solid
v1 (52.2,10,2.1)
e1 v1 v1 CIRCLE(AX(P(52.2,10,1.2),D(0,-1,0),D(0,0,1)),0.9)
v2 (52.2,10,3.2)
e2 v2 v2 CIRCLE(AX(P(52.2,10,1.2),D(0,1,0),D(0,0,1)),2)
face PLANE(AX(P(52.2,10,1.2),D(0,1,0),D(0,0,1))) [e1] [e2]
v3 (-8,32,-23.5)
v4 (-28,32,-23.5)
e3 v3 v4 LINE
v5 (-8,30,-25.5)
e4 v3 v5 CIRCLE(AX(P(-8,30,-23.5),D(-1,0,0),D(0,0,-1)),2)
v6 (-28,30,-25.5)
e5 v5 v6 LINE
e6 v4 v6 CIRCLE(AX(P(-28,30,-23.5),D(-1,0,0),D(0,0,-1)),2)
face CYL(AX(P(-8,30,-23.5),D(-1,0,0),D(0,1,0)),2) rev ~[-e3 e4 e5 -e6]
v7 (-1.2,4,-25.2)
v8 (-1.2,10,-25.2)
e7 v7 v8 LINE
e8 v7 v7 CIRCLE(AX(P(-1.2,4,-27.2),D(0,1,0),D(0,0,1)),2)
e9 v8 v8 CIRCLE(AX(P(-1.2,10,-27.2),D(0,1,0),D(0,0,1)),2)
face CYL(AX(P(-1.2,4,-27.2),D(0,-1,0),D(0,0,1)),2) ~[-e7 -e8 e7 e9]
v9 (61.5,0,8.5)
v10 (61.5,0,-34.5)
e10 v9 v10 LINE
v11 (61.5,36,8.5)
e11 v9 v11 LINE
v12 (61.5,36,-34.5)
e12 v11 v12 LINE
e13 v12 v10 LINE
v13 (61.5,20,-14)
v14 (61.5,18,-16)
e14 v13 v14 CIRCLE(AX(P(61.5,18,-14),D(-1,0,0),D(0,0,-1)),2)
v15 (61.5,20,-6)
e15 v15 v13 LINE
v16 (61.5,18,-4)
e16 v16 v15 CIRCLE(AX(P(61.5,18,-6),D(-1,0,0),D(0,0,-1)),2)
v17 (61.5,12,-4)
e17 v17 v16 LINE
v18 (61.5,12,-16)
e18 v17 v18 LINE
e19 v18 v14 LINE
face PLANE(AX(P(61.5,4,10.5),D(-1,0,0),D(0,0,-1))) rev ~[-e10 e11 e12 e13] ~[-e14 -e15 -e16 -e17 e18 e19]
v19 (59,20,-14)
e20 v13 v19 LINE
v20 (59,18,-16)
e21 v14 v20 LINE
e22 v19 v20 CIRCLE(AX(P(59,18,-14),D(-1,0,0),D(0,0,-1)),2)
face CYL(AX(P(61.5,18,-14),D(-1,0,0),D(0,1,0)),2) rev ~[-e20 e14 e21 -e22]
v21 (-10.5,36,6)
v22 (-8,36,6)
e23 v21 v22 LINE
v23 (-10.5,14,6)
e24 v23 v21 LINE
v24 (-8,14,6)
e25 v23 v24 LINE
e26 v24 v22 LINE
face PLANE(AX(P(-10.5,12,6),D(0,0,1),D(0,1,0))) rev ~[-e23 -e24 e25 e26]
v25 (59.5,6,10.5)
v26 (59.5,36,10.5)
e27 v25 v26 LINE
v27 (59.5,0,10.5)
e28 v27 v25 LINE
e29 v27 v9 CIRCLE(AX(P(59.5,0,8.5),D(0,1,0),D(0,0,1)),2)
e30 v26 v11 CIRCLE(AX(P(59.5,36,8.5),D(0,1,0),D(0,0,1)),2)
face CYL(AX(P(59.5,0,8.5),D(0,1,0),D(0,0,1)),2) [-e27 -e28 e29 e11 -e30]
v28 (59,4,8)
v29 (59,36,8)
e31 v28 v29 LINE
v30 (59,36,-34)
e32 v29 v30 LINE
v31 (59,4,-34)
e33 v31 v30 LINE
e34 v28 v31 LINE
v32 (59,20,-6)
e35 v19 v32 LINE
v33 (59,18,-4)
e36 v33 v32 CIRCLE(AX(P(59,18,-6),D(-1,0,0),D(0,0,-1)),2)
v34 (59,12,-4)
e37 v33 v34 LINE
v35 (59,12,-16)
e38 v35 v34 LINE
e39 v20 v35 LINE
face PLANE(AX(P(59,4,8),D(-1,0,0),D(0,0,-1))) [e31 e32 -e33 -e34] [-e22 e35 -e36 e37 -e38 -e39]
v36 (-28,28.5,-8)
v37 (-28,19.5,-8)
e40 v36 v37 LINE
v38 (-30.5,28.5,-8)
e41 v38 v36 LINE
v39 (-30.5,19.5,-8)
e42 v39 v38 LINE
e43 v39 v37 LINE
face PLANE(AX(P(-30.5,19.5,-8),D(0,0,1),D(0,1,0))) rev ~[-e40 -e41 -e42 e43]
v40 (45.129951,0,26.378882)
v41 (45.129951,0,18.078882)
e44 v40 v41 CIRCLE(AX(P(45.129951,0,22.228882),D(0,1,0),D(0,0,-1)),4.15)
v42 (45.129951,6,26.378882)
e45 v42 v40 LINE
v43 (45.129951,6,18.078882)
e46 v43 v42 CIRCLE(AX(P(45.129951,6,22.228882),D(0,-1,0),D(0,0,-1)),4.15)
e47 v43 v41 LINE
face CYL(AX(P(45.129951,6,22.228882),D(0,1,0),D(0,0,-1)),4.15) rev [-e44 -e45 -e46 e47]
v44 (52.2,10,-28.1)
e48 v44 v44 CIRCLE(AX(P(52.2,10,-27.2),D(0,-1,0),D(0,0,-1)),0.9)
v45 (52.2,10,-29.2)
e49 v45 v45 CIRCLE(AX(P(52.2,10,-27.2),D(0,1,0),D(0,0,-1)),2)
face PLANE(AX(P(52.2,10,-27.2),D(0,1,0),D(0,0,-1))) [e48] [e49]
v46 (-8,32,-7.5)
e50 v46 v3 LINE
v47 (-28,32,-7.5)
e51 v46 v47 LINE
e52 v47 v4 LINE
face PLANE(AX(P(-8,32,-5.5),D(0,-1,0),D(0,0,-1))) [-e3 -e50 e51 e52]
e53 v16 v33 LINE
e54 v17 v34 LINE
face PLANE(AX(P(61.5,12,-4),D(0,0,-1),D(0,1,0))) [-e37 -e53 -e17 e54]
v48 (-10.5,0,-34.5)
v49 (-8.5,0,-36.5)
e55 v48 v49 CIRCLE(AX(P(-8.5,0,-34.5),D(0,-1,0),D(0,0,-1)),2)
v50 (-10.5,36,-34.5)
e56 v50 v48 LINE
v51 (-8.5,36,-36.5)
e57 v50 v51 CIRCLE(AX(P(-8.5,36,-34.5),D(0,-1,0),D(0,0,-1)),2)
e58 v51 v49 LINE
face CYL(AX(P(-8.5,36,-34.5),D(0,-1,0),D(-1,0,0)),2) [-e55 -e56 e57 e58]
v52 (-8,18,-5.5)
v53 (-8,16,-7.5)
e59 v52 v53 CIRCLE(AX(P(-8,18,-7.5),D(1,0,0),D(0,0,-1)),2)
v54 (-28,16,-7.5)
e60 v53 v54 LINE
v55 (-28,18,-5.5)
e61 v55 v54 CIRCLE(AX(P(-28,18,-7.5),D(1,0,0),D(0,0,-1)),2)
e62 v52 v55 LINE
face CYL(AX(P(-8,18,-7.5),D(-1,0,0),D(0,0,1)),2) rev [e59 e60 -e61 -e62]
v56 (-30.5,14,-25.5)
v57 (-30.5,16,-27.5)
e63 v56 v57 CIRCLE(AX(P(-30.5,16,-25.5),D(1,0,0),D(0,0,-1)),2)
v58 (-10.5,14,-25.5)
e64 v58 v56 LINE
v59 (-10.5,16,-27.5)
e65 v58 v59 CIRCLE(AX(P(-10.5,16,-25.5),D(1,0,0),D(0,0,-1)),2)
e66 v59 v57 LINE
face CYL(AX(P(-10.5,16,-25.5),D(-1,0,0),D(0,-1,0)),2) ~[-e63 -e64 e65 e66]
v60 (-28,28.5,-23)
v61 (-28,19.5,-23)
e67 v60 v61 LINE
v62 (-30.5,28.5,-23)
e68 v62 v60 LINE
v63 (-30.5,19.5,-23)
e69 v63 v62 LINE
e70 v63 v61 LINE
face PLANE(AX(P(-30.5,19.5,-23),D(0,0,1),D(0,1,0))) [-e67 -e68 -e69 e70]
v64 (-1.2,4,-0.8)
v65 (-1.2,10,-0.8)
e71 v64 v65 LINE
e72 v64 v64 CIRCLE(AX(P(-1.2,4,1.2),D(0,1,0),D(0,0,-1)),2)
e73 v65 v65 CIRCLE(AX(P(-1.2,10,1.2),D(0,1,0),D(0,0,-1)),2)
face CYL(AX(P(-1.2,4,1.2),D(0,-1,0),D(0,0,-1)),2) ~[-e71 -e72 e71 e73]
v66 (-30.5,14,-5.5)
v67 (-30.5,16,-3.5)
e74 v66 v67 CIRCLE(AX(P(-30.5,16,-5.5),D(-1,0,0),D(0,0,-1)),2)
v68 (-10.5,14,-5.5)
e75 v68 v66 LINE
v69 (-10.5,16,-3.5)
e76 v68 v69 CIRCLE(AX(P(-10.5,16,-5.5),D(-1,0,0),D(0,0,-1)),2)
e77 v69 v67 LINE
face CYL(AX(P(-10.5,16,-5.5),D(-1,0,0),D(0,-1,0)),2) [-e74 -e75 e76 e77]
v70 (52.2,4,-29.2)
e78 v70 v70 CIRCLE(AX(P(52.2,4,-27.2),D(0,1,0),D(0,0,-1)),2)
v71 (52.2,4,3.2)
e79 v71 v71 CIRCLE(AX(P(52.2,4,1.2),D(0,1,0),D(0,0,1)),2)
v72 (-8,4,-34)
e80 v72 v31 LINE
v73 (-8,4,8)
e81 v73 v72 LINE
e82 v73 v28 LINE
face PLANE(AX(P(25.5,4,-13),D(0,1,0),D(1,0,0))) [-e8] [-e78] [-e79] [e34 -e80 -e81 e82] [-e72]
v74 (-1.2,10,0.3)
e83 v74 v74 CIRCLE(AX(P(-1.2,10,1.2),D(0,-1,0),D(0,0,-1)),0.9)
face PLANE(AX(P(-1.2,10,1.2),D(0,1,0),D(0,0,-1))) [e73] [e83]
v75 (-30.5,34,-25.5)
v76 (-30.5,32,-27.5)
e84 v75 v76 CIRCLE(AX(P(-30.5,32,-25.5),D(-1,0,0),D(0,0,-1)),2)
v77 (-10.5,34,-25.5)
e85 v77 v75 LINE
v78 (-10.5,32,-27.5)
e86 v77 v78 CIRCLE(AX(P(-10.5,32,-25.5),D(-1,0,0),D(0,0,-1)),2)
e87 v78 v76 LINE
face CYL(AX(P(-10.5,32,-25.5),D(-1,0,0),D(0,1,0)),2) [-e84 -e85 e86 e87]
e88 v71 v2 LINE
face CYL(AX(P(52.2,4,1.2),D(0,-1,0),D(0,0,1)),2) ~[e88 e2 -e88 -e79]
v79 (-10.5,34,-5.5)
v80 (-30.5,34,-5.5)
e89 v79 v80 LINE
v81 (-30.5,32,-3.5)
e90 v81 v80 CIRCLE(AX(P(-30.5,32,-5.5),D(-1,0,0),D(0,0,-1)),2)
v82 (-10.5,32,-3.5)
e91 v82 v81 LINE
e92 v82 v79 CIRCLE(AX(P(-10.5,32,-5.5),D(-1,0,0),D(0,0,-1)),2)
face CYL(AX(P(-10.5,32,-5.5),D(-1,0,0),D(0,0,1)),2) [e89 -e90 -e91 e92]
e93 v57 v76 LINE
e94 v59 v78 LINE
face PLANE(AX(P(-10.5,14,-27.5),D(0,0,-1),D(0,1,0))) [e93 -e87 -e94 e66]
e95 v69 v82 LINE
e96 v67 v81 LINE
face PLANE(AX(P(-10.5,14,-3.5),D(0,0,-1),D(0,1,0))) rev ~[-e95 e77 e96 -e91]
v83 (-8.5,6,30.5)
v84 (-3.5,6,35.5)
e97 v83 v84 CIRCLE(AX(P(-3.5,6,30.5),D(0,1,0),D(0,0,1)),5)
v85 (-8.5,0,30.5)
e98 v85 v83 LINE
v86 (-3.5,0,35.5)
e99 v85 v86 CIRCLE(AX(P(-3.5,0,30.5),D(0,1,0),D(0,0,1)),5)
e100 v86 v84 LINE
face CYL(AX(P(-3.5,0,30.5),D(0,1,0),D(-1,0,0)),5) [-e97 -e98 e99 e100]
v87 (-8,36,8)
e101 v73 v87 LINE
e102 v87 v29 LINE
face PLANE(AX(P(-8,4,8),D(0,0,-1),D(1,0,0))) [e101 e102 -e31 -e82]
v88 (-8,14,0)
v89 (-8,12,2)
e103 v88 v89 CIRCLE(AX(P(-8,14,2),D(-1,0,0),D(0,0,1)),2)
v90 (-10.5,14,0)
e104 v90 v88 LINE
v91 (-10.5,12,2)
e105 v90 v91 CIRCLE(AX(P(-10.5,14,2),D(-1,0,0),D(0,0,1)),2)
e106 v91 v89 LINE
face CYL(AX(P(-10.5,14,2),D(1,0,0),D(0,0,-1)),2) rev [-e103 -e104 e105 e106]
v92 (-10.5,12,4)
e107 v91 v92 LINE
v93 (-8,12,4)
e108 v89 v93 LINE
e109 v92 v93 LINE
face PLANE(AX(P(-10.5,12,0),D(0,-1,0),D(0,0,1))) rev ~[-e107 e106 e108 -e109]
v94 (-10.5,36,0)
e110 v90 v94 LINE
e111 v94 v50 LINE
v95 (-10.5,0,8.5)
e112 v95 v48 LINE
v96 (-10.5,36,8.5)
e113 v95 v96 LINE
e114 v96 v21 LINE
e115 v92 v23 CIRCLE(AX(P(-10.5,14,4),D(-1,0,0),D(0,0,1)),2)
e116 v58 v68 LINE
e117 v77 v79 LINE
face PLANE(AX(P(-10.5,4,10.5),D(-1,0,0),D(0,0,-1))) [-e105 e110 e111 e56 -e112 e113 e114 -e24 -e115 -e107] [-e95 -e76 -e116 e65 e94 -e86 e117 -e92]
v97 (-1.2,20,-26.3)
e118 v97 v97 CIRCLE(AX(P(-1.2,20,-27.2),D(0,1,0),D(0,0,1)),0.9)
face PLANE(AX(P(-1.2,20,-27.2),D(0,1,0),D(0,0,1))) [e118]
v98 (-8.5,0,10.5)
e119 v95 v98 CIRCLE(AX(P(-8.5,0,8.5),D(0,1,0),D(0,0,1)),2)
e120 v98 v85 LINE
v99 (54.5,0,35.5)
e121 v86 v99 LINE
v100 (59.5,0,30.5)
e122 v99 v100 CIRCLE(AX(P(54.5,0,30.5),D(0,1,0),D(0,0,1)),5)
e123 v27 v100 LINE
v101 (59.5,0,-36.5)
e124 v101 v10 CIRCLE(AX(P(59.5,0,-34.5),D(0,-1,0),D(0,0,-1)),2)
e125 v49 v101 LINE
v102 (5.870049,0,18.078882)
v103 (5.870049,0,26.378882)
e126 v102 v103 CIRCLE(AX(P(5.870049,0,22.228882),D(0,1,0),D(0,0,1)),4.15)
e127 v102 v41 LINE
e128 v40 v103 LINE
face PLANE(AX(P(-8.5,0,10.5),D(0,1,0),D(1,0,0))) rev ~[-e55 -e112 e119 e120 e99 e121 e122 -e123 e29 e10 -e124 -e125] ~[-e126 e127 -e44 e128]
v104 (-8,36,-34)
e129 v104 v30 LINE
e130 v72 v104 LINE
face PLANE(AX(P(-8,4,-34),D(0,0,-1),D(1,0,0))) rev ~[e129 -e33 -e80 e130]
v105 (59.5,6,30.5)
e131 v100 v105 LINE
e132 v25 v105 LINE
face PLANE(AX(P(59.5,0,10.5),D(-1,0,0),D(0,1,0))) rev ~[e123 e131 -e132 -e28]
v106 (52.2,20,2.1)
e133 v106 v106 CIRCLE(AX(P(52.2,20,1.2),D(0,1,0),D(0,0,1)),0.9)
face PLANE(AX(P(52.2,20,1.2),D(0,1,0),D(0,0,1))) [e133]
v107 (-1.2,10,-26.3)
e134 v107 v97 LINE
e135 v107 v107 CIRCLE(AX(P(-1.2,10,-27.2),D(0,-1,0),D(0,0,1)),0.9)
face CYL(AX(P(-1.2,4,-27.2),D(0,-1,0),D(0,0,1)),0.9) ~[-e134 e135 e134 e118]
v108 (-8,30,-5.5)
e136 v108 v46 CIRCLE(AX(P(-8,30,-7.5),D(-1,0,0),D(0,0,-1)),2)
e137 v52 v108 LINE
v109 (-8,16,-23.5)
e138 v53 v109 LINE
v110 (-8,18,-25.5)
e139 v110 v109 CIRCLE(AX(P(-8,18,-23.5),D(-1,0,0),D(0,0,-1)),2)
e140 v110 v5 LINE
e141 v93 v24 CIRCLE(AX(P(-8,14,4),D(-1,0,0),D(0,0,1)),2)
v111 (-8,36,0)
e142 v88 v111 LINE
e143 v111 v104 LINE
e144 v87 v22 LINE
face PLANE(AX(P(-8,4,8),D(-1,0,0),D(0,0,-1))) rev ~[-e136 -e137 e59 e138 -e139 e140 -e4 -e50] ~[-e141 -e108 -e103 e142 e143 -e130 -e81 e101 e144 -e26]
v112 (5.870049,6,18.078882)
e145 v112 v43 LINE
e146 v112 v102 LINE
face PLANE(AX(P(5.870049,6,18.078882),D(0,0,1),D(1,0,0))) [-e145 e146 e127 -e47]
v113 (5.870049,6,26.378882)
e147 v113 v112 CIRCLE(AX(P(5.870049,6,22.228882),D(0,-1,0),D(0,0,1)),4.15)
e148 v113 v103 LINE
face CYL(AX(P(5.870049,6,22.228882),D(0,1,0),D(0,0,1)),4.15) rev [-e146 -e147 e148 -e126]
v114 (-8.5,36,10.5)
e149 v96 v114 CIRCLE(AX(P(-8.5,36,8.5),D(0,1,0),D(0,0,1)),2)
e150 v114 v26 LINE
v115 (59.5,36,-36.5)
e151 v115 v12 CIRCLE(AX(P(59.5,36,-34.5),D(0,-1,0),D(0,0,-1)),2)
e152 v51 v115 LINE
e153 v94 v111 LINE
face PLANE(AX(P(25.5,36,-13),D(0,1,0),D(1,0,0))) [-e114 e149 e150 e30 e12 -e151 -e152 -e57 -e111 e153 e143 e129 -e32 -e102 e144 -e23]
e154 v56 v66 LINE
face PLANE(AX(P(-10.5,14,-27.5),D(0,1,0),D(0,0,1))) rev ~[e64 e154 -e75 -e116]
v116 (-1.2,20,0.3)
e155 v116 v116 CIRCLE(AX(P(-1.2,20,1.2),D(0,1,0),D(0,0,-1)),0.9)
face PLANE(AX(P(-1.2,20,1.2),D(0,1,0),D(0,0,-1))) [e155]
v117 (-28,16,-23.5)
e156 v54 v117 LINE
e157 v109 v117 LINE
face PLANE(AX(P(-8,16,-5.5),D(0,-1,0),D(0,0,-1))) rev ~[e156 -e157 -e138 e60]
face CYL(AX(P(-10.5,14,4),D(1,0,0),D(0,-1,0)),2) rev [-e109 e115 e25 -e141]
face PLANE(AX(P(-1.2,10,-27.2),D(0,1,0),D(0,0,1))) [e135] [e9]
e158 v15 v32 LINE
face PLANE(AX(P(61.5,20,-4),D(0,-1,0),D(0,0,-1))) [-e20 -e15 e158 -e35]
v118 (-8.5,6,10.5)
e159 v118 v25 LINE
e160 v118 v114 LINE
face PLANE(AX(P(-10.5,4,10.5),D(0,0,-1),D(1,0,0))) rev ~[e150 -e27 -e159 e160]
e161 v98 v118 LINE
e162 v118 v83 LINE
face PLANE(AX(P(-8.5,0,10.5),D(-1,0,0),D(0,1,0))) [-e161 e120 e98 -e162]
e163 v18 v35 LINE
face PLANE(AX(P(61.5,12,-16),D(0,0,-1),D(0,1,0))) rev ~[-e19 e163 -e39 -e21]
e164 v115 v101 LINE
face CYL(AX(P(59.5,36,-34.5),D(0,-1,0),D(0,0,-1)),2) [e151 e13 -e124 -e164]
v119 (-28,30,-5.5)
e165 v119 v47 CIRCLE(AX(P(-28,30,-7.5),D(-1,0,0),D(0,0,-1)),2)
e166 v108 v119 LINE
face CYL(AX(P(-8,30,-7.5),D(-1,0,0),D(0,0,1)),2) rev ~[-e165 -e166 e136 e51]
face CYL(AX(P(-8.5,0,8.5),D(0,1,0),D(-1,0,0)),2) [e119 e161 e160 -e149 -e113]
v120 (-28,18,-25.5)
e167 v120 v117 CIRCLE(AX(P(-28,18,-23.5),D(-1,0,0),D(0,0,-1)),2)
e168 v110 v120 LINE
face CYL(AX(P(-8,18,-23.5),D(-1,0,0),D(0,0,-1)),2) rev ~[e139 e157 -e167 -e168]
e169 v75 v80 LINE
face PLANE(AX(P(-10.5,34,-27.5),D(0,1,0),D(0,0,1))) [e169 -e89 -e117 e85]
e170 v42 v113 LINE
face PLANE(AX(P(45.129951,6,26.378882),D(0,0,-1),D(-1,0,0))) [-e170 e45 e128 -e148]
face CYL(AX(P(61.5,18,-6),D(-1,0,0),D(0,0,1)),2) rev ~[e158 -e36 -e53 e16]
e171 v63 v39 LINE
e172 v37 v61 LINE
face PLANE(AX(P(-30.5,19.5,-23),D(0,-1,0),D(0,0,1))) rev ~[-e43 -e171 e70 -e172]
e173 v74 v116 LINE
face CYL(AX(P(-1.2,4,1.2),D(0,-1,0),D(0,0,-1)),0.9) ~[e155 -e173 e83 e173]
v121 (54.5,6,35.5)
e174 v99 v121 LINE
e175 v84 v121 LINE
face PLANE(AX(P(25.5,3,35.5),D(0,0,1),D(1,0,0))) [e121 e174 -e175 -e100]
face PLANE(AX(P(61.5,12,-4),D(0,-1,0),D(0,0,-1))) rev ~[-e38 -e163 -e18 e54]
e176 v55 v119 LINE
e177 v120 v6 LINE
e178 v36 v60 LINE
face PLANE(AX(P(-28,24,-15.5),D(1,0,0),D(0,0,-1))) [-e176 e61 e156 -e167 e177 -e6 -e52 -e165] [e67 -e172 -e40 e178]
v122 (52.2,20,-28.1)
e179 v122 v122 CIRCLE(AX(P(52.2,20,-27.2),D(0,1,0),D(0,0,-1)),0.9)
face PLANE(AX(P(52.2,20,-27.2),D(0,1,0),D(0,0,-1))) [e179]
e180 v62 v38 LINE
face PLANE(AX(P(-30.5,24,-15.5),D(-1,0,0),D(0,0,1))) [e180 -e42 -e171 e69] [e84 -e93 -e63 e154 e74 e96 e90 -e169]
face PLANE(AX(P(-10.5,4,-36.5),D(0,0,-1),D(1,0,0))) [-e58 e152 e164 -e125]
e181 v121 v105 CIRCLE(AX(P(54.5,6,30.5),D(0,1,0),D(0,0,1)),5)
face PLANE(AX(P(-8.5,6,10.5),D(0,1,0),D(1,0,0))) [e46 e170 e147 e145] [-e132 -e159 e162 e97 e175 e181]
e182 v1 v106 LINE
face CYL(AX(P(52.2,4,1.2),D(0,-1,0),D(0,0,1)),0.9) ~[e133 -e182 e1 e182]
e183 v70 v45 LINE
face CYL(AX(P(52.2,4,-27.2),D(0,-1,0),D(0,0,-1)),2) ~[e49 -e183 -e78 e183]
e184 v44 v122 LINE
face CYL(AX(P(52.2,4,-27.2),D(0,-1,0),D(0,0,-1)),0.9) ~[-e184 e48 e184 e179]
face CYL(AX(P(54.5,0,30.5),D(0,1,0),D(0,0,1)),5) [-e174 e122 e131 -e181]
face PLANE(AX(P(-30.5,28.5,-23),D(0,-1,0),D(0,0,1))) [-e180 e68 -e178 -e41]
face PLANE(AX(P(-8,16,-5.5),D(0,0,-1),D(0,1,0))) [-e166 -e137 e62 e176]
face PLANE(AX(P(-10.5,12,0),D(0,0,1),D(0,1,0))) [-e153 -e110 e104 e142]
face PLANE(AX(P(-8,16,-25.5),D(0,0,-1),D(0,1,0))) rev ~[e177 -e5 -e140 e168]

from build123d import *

# Parameters (mm, degrees)
SKETCH1_W           = 72
SKETCH1_H           = 47
BOSS_EXTRUDE1_DEPTH = 4
SKETCH3_W           = 72
SKETCH3_H           = 47
SKETCH3_W_2         = 67
SKETCH3_H_2         = 42
BOSS_EXTRUDE3_DEPTH = 32
SKETCH2_R           = 0.9
BOSS_EXTRUDE4_DEPTH = 16
SKETCH4_R           = 2
BOSS_EXTRUDE5_DEPTH = 6
SKETCH5_W           = 12
SKETCH5_H           = 8
CUT_EXTRUDE1_DEPTH  = 6
FILLET2_R           = 2
FILLET3_R           = 2
SKETCH11_W          = 24
SKETCH11_H          = 20
BOSS_EXTRUDE7_DEPTH = 20
SKETCH12_W          = 20
SKETCH12_H          = 16
CUT_EXTRUDE4_DEPTH  = 20
SKETCH13_W          = 15
SKETCH13_H          = 9
CUT_EXTRUDE5_DEPTH  = 20
FILLET4_R           = 2
FILLET5_R           = 2
SKETCH14_W          = 6
SKETCH14_H          = 25
CUT_EXTRUDE6_DEPTH  = 5
FILLET6_R           = 2
SKETCH15_W          = 68
SKETCH15_H          = 6
BOSS_EXTRUDE8_DEPTH = 25
FILLET7_R           = 5
CUT_EXTRUDE7_DEPTH  = 25


with BuildPart() as part:
    # Sketch1 → Boss-Extrude1 (new body)
    with BuildSketch(Plane(origin=(0, 0, 0), x_dir=(1, 0, 0), z_dir=(0, 1, 0))):
        with Locations((25.5, 13)):
            Rectangle(SKETCH1_W, SKETCH1_H)
    extrude(amount=BOSS_EXTRUDE1_DEPTH)

    # Sketch3 → Boss-Extrude3 (add)
    with BuildSketch(Plane(origin=(0, 4, 0), x_dir=(1, 0, 0), z_dir=(0, 1, 0))):
        with Locations((25.5, 13)):
            Rectangle(SKETCH3_W, SKETCH3_H)
        with Locations((25.5, 13)):
            Rectangle(SKETCH3_W_2, SKETCH3_H_2, mode=Mode.SUBTRACT)
    extrude(amount=BOSS_EXTRUDE3_DEPTH)

    # Sketch2 → Boss-Extrude4 (add)
    with BuildSketch(Plane(origin=(0, 4, 0), x_dir=(1, 0, 0), z_dir=(0, 1, 0))):
        with Locations(Location((-1.2, 27.2, 0), (0, 0, 270))):
            Circle(SKETCH2_R)
        with Locations(Location((-1.2, -1.2, 0), (0, 0, 90))):
            Circle(SKETCH2_R)
        with Locations(Location((52.2, -1.2, 0), (0, 0, 270))):
            Circle(SKETCH2_R)
        with Locations(Location((52.2, 27.2, 0), (0, 0, 90))):
            Circle(SKETCH2_R)
    extrude(amount=BOSS_EXTRUDE4_DEPTH)

    # Sketch4 → Boss-Extrude5 (add)
    with BuildSketch(Plane(origin=(0, 4, 0), x_dir=(1, 0, 0), z_dir=(0, 1, 0))):
        with Locations(Location((-1.2, 27.2, 0), (0, 0, 270))):
            Circle(SKETCH4_R)
        with Locations(Location((-1.2, -1.2, 0), (0, 0, 90))):
            Circle(SKETCH4_R)
        with Locations(Location((52.2, -1.2, 0), (0, 0, 270))):
            Circle(SKETCH4_R)
        with Locations(Location((52.2, 27.2, 0), (0, 0, 90))):
            Circle(SKETCH4_R)
    extrude(amount=BOSS_EXTRUDE5_DEPTH)

    # Sketch5 → Cut-Extrude1 (cut)
    with BuildSketch(Plane(origin=(61.5, 0, 0), x_dir=(0, 0, -1), z_dir=(1, 0, 0))):
        with Locations((10, 16)):
            Rectangle(SKETCH5_W, SKETCH5_H)
    extrude(amount=-CUT_EXTRUDE1_DEPTH, mode=Mode.SUBTRACT)

    # Fillet2
    fillet2_edges = [part.edges().sort_by_distance(p)[0] for p in [
        (-10.5, 18, 10.5),
        (-10.5, 18, -36.5),
        (61.5, 18, -36.5),
        (61.5, 18, 10.5),
    ]]
    fillet(fillet2_edges, radius=FILLET2_R)

    # Fillet3
    fillet3_edges = [part.edges().sort_by_distance(p)[0] for p in [
        (60.25, 20, -4),
        (60.25, 20, -16),
    ]]
    fillet(fillet3_edges, radius=FILLET3_R)

    # Sketch11 → Boss-Extrude7 (add)
    with BuildSketch(Plane.ZY.offset(10.5)):
        with Locations((-15.5, 24)):
            Rectangle(SKETCH11_W, SKETCH11_H)
    extrude(amount=BOSS_EXTRUDE7_DEPTH)

    # Sketch12 → Cut-Extrude4 (cut)
    with BuildSketch(Plane(origin=(-8, 0, 0), x_dir=(0, 0, -1), z_dir=(1, 0, 0))):
        with Locations((15.5, 24)):
            Rectangle(SKETCH12_W, SKETCH12_H)
    extrude(amount=-CUT_EXTRUDE4_DEPTH, mode=Mode.SUBTRACT)

    # Sketch13 → Cut-Extrude5 (cut)
    with BuildSketch(Plane.ZY.offset(30.5)):
        with Locations((-15.5, 24)):
            Rectangle(SKETCH13_W, SKETCH13_H)
    extrude(amount=-CUT_EXTRUDE5_DEPTH, mode=Mode.SUBTRACT)

    # Fillet4
    fillet4_edges = [part.edges().sort_by_distance(p)[0] for p in [
        (-18, 16, -25.5),
        (-18, 16, -5.5),
        (-18, 32, -5.5),
        (-18, 32, -25.5),
    ]]
    fillet(fillet4_edges, radius=FILLET4_R)

    # Fillet5
    fillet5_edges = [part.edges().sort_by_distance(p)[0] for p in [
        (-20.5, 34, -27.5),
        (-20.5, 14, -27.5),
        (-20.5, 14, -3.5),
        (-20.5, 34, -3.5),
    ]]
    fillet(fillet5_edges, radius=FILLET5_R)

    # Sketch14 → Cut-Extrude6 (cut)
    with BuildSketch(Plane.ZY.offset(10.5)):
        with Locations((3, 24.5)):
            Rectangle(SKETCH14_W, SKETCH14_H)
    extrude(amount=-CUT_EXTRUDE6_DEPTH, mode=Mode.SUBTRACT)

    # Fillet6
    fillet6_edges = [part.edges().sort_by_distance(p)[0] for p in [
        (-9.25, 12, 0),
        (-9.25, 12, 6),
    ]]
    fillet(fillet6_edges, radius=FILLET6_R)

    # Sketch15 → Boss-Extrude8 (add)
    with BuildSketch(Plane.XY.offset(10.5)):
        with Locations((25.5, 3)):
            Rectangle(SKETCH15_W, SKETCH15_H)
    extrude(amount=BOSS_EXTRUDE8_DEPTH)

    # Fillet7
    fillet7_edges = [part.edges().sort_by_distance(p)[0] for p in [
        (-8.5, 3, 35.5),
        (59.5, 3, 35.5),
    ]]
    fillet(fillet7_edges, radius=FILLET7_R)

    # Sketch16 → Cut-Extrude7 (cut)
    with BuildSketch(Plane(origin=(0, 6, 0), x_dir=(1, 0, 0), z_dir=(0, 1, 0))):
        with BuildLine():
            Line((5.870048695, -18.078882232), (45.129951305, -18.078882232))
            ThreePointArc((45.129951305, -18.078882232), (49.279951305, -22.228882232), (45.129951305, -26.378882232))
            Line((45.129951305, -26.378882232), (5.870048695, -26.378882232))
            ThreePointArc((5.870048695, -26.378882232), (1.720048695, -22.228882232), (5.870048695, -18.078882232))
        make_face()
    extrude(amount=-CUT_EXTRUDE7_DEPTH, mode=Mode.SUBTRACT)


solid = part.part
